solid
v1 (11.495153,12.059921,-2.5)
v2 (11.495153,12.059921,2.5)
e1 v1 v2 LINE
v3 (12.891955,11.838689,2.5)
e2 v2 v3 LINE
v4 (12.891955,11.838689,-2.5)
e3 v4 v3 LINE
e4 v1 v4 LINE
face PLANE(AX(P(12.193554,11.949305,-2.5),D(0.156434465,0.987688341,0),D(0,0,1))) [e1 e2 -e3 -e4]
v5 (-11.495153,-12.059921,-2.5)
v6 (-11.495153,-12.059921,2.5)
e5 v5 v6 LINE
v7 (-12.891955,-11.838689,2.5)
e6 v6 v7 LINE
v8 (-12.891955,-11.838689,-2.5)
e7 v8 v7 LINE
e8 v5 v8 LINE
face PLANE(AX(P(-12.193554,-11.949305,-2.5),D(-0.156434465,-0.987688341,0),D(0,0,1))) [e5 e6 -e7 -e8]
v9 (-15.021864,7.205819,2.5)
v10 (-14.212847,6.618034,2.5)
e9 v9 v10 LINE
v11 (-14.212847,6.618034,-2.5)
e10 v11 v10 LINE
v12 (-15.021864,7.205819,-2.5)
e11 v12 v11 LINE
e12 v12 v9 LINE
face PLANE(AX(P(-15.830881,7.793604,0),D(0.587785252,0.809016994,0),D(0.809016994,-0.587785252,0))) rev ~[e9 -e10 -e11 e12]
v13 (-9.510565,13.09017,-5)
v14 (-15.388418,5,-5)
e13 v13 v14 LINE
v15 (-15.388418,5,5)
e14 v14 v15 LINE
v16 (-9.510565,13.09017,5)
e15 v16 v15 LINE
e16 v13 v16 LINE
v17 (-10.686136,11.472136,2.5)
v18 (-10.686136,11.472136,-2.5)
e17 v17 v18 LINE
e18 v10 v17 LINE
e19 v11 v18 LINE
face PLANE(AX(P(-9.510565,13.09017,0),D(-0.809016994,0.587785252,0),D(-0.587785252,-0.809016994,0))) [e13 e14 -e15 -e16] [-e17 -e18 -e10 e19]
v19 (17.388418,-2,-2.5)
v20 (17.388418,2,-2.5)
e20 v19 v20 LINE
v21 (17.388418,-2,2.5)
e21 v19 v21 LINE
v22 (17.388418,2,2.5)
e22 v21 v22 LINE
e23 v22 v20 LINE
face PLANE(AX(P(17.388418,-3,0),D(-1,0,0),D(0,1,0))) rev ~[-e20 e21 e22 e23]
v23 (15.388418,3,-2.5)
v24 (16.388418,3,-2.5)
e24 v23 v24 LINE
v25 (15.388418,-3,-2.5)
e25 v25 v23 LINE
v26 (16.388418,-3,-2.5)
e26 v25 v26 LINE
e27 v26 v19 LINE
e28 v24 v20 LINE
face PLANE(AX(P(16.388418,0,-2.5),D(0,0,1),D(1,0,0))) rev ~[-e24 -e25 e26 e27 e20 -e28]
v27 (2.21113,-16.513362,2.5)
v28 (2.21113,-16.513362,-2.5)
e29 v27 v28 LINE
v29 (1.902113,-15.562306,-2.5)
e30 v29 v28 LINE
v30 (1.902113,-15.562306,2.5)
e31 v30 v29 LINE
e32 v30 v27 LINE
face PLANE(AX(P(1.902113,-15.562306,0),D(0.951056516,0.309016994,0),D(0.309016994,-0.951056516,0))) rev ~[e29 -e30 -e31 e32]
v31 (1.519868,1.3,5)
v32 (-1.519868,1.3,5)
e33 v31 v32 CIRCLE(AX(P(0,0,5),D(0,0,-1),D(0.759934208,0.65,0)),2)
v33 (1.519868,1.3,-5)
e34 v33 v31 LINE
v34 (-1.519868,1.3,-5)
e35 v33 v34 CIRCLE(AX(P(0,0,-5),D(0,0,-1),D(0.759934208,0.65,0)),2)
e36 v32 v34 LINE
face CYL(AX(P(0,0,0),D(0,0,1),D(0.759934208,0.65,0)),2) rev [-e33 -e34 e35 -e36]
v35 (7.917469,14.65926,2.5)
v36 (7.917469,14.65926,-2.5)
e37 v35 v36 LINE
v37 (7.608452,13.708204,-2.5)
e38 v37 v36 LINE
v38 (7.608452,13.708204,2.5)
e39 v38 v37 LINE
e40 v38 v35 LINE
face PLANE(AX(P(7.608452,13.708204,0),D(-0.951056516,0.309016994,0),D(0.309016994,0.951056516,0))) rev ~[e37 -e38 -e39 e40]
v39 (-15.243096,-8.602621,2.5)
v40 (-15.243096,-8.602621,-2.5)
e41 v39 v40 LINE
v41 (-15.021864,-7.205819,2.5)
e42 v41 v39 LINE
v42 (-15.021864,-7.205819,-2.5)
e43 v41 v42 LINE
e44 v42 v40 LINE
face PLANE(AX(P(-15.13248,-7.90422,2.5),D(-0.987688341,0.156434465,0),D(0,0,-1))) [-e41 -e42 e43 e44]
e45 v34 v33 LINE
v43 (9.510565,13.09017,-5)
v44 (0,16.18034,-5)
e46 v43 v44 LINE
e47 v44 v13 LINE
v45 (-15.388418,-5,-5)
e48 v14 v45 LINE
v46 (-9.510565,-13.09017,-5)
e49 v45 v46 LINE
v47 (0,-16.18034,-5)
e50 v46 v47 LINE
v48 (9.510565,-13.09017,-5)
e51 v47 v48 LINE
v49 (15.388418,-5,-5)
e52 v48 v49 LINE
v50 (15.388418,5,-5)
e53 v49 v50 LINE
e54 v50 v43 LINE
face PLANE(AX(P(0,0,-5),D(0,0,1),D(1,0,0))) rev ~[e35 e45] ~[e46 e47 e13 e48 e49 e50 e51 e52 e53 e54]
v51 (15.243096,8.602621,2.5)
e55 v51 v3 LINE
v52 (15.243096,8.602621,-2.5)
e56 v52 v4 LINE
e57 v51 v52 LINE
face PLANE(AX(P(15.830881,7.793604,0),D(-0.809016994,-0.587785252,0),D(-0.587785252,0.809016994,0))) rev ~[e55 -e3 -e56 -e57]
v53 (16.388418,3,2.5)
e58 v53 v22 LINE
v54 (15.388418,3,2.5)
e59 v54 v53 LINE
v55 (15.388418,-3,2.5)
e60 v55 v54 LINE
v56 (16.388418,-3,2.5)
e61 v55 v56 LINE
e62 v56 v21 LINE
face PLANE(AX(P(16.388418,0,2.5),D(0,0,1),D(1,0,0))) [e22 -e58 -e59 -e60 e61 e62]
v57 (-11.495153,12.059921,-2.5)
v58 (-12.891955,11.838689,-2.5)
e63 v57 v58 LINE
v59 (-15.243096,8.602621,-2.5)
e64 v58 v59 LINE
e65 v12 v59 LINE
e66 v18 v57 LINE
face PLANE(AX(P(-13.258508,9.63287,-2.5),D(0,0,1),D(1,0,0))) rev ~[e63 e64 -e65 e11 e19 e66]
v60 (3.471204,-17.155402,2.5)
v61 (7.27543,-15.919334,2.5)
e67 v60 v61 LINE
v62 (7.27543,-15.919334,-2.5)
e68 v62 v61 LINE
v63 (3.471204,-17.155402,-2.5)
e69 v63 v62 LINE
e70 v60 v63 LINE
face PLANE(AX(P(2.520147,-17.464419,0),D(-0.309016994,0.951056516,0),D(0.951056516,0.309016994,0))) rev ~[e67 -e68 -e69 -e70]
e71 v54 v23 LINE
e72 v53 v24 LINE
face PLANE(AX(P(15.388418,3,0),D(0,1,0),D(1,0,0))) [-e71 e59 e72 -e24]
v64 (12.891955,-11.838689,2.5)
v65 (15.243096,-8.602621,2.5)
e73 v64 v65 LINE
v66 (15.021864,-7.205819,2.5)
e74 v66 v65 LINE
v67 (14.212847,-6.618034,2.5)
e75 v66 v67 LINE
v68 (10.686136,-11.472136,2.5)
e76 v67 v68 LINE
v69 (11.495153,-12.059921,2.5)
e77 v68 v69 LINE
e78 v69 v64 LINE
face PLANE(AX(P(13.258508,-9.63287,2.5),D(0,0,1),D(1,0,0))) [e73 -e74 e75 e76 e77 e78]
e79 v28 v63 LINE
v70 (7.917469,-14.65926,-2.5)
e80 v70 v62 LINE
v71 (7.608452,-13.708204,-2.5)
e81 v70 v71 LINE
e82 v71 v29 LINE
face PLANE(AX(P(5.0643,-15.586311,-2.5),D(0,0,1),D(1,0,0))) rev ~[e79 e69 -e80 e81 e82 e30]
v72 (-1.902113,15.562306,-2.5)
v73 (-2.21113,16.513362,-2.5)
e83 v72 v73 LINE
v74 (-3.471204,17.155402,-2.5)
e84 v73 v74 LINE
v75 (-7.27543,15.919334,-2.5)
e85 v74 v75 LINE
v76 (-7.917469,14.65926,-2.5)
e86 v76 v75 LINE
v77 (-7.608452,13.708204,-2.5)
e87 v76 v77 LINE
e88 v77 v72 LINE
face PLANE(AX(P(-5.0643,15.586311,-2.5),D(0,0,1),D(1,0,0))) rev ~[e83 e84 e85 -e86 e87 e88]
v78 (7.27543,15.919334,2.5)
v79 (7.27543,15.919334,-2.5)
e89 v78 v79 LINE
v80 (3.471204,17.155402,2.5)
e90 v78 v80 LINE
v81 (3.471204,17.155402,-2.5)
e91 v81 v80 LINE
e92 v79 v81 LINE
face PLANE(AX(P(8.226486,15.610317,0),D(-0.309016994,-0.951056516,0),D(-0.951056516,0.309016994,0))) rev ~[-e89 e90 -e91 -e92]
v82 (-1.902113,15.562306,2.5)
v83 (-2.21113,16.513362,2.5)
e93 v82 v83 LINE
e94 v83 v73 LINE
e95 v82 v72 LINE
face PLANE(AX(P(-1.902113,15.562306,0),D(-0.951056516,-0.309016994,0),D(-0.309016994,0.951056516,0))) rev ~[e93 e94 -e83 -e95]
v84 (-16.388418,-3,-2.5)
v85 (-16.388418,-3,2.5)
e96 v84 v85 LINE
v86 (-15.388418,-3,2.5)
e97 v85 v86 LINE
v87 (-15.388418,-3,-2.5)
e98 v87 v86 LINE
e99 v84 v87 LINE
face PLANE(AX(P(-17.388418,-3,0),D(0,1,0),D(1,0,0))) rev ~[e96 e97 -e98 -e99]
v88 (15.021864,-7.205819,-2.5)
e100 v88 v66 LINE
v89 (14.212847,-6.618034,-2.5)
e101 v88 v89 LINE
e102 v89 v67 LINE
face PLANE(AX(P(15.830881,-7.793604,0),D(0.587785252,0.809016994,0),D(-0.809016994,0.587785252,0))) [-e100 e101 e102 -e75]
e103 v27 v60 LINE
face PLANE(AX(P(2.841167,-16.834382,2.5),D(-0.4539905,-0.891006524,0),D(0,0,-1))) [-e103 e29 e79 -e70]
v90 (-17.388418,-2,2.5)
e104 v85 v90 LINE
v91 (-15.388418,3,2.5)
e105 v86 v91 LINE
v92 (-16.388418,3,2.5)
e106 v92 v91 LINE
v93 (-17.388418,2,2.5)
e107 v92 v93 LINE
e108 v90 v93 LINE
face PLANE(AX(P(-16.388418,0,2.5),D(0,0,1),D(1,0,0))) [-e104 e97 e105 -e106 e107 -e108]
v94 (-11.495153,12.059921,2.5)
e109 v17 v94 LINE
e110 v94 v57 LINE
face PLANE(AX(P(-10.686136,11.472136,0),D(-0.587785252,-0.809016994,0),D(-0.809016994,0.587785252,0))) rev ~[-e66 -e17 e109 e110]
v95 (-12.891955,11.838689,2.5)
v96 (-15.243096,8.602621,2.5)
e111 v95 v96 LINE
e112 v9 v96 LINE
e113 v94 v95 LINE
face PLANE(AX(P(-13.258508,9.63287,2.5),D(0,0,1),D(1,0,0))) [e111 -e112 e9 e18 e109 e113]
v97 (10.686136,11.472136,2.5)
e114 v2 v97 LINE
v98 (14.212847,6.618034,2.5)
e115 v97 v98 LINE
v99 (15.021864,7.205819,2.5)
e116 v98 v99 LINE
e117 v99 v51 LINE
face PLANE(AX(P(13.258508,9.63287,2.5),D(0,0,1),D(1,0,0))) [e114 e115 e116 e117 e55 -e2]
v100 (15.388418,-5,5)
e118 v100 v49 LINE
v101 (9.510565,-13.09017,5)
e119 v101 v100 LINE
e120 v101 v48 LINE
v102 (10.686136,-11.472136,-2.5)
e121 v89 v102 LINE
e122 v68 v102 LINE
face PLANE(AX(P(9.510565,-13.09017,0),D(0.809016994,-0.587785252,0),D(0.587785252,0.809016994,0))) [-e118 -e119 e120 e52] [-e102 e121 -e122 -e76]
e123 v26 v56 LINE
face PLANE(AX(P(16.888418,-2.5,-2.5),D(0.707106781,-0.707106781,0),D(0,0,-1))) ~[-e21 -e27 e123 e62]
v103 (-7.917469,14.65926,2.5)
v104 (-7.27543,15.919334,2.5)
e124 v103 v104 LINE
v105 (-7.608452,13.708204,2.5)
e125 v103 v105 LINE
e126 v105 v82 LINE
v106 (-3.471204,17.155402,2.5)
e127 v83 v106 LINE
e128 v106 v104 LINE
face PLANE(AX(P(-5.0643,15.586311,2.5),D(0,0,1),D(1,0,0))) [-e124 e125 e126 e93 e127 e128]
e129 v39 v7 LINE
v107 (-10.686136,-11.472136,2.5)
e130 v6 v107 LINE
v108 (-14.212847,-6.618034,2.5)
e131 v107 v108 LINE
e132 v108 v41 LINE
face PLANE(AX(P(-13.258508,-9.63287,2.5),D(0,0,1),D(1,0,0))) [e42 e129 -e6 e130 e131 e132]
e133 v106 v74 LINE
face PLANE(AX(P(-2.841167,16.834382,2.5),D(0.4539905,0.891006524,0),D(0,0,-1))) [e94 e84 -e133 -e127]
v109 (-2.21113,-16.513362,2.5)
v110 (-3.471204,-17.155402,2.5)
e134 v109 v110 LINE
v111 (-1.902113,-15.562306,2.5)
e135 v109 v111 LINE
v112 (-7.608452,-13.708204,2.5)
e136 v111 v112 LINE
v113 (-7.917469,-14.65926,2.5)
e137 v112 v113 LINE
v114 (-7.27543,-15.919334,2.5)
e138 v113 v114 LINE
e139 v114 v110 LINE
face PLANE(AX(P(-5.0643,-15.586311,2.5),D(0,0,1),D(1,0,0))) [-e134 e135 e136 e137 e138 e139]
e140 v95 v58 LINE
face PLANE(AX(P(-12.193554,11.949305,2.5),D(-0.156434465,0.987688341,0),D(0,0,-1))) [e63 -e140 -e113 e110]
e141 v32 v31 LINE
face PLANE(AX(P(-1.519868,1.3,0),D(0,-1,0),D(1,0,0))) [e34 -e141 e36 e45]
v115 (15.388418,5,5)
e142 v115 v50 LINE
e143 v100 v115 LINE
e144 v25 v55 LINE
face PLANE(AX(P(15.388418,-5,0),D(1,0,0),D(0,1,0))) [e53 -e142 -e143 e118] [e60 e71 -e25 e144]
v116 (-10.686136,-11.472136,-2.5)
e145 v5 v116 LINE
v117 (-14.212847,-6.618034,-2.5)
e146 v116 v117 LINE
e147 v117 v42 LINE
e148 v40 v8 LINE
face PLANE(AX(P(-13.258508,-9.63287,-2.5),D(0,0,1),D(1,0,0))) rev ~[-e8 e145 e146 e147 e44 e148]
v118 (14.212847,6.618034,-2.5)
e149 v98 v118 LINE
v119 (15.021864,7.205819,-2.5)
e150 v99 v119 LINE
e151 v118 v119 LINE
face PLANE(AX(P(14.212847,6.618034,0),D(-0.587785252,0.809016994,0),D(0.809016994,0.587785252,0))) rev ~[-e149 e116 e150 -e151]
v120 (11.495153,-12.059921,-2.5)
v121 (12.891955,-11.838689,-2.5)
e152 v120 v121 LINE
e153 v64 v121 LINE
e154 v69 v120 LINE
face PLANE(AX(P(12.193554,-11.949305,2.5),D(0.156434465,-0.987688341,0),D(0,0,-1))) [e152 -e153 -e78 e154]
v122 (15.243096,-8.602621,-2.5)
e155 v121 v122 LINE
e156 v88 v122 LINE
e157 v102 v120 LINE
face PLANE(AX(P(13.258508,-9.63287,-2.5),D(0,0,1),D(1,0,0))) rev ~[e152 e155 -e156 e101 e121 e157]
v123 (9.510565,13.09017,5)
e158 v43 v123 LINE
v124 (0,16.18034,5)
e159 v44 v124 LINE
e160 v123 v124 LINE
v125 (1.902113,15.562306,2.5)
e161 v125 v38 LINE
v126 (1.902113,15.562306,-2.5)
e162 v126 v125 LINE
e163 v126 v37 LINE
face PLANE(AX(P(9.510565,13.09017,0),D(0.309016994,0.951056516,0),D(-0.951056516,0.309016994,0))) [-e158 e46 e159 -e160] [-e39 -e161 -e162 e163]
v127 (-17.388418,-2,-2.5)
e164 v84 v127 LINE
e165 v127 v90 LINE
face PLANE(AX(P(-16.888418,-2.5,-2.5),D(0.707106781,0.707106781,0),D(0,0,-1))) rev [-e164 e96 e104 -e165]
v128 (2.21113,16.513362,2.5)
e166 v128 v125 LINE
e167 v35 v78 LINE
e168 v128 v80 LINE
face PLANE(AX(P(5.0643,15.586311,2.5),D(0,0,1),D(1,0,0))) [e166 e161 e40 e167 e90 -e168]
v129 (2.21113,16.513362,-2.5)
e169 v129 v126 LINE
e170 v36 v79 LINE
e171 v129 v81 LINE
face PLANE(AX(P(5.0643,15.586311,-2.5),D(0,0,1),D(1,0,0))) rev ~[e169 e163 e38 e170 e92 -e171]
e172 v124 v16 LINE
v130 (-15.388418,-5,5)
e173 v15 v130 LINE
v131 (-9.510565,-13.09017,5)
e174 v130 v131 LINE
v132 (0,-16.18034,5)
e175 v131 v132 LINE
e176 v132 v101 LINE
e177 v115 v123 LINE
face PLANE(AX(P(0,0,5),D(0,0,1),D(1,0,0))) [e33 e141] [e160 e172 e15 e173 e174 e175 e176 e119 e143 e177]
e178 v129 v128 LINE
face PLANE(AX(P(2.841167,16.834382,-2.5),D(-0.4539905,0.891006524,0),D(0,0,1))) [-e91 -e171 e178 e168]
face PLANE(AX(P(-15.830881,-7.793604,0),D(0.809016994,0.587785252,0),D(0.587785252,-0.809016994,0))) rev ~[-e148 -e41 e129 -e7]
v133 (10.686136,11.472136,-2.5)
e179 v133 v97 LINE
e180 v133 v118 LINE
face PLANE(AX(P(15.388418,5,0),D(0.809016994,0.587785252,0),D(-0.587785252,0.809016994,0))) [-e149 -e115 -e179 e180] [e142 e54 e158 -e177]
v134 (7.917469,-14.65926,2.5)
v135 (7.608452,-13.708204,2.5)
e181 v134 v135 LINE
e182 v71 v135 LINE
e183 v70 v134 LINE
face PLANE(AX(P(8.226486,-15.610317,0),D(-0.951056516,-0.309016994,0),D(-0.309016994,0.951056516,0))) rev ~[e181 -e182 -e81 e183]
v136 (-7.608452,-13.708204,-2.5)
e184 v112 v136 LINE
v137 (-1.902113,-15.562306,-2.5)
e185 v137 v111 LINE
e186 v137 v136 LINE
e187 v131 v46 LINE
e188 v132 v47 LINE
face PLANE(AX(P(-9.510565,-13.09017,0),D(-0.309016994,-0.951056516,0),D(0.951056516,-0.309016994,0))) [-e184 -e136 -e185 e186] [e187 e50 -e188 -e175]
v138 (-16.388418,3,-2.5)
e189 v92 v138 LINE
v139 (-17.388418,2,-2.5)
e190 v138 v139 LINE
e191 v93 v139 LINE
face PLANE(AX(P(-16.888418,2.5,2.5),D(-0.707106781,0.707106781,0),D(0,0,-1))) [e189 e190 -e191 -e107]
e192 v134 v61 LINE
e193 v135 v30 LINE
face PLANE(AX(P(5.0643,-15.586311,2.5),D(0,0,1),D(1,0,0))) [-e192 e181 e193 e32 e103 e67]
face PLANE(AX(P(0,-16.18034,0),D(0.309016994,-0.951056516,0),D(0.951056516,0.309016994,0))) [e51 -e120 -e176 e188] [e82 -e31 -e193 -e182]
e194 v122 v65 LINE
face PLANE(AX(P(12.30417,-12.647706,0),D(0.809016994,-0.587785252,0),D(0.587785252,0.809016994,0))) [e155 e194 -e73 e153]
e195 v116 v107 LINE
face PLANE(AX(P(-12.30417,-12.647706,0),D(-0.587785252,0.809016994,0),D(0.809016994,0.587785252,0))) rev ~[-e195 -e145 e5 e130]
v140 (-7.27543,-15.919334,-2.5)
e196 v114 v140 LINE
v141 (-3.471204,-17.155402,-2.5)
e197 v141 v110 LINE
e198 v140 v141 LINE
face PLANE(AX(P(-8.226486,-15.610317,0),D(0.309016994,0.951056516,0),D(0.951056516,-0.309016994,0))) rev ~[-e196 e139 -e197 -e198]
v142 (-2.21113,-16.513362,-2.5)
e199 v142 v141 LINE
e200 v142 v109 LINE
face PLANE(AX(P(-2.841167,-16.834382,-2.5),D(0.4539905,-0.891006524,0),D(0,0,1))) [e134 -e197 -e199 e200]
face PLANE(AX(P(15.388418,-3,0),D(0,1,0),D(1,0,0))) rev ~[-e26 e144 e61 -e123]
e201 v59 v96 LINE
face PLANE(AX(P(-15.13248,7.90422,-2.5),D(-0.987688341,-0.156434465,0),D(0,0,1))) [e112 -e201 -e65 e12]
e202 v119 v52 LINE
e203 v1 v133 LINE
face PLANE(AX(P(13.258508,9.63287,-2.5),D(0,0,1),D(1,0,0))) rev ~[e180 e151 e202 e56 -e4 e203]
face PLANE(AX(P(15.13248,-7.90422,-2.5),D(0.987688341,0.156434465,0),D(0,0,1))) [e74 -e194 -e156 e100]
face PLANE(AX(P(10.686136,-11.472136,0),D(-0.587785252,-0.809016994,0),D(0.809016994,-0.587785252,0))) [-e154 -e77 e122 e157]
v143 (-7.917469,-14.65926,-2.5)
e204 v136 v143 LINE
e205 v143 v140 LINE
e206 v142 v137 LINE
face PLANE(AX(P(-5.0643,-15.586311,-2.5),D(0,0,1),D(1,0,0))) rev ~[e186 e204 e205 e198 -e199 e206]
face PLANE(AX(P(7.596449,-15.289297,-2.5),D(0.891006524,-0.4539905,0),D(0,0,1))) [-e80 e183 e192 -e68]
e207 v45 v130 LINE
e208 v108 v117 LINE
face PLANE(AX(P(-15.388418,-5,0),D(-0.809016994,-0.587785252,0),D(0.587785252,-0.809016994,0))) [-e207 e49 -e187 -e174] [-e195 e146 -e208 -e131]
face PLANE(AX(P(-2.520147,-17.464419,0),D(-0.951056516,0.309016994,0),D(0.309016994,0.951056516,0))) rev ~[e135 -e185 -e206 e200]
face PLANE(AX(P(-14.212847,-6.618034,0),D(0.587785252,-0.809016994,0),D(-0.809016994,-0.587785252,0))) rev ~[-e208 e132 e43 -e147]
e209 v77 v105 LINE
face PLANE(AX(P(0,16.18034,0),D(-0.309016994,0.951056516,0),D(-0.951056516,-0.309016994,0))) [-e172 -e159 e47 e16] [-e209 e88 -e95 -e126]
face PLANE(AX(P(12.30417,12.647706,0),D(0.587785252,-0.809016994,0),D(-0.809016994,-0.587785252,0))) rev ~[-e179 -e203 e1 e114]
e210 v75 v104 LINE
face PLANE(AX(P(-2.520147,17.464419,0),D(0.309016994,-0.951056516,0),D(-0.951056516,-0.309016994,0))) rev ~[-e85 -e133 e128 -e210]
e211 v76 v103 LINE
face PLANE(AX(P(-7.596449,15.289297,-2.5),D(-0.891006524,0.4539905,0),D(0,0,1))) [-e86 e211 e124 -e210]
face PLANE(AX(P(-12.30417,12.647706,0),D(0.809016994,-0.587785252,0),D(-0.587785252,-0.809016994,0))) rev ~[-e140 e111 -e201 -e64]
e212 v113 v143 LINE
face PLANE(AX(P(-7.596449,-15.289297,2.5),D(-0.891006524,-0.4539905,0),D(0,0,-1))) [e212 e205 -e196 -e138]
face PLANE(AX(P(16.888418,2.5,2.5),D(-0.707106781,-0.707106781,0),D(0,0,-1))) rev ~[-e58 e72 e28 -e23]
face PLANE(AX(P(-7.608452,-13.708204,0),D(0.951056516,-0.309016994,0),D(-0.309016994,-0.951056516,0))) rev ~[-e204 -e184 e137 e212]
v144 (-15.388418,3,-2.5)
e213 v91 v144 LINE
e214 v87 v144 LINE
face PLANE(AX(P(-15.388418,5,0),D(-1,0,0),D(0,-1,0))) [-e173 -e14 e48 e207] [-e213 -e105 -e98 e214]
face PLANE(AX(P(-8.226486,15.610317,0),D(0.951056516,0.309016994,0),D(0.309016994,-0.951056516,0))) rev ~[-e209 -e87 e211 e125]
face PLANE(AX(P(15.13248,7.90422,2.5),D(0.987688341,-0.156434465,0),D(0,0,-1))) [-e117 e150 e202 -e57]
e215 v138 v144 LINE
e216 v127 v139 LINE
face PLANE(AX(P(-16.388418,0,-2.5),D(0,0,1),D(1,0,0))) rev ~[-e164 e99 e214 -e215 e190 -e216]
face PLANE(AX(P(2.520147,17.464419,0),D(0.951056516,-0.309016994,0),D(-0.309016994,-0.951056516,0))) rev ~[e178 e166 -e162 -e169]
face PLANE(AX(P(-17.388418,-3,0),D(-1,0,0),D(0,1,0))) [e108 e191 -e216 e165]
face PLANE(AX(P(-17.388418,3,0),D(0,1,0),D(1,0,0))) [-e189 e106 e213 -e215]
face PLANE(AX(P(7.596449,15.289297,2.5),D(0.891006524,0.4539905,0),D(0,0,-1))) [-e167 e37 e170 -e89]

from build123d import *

# Parameters (mm, degrees)
F1_DEPTH = 5
F2_W     = 2
F2_H     = 6
F3_DEPTH = 2.5
F4_SIZE  = 1


with BuildPart() as f1:
    # F0 (on Top) → F1 (new body, symmetric)
    with BuildSketch(Plane.XY):
        Polygon((15.3884176859, 5), (9.510565163, 13.0901699437), (0, 16.1803398875), (-9.510565163, 13.0901699437), (-15.3884176859, 5), (-15.3884176859, -5), (-9.510565163, -13.0901699437), (0, -16.1803398875), (9.510565163, -13.0901699437), (15.3884176859, -5), align=None)
        with BuildLine():
            ThreePointArc((1.5198684154, 1.3), (0, -2), (-1.5198684154, 1.3))
            Line((-1.5198684154, 1.3), (1.5198684154, 1.3))
        make_face(mode=Mode.SUBTRACT)
    extrude(amount=F1_DEPTH, both=True)

    # F2 (on Top) → F3 (join, symmetric)
    with BuildSketch(Plane.XY):
        with Locations((16.3884176859, 0)):
            Rectangle(F2_W, F2_H)
        Polygon((15.83088117, 7.7936044933), (12.3041696563, 12.6477064596), (10.6861356675, 11.472135955), (14.2128471813, 6.6180339887), align=None)
        Polygon((8.2264861191, 15.6103169651), (2.5201470213, 17.4644189313), (1.9021130326, 15.5623058987), (7.6084521304, 13.7082039325), align=None)
        Polygon((-2.5201470213, 17.4644189313), (-8.2264861191, 15.6103169651), (-7.6084521304, 13.7082039325), (-1.9021130326, 15.5623058987), align=None)
        Polygon((-12.3041696563, 12.6477064596), (-15.83088117, 7.7936044933), (-14.2128471813, 6.6180339887), (-10.6861356675, 11.472135955), align=None)
        with Locations((-16.3884176859, 0)):
            Rectangle(F2_W, F2_H)
        Polygon((-15.83088117, -7.7936044933), (-12.3041696563, -12.6477064596), (-10.6861356675, -11.472135955), (-14.2128471813, -6.6180339887), align=None)
        Polygon((-8.2264861191, -15.6103169651), (-2.5201470213, -17.4644189313), (-1.9021130326, -15.5623058987), (-7.6084521304, -13.7082039325), align=None)
        Polygon((2.5201470213, -17.4644189313), (8.2264861191, -15.6103169651), (7.6084521304, -13.7082039325), (1.9021130326, -15.5623058987), align=None)
        Polygon((12.3041696563, -12.6477064596), (15.83088117, -7.7936044933), (14.2128471813, -6.6180339887), (10.6861356675, -11.472135955), align=None)
    extrude(amount=F3_DEPTH, both=True)

    # F4
    f4_edges = [f1.edges().sort_by_distance(p)[0] for p in [
        (12.30417, -12.647706, 0),
        (15.830881, -7.793604, 0),
        (17.388418, -3, 0),
        (17.388418, 3, 0),
        (15.830881, 7.793604, 0),
        (12.30417, 12.647706, 0),
        (8.226486, 15.610317, 0),
        (2.520147, 17.464419, 0),
        (-2.520147, 17.464419, 0),
        (-8.226486, 15.610317, 0),
        (-12.30417, 12.647706, 0),
        (-15.830881, 7.793604, 0),
        (-17.388418, 3, 0),
        (-17.388418, -3, 0),
        (-15.830881, -7.793604, 0),
        (-12.30417, -12.647706, 0),
        (-2.520147, -17.464419, 0),
        (-8.226486, -15.610317, 0),
        (8.226486, -15.610317, 0),
        (2.520147, -17.464419, 0),
    ]]
    chamfer(f4_edges, length=F4_SIZE)


solid = f1.part
